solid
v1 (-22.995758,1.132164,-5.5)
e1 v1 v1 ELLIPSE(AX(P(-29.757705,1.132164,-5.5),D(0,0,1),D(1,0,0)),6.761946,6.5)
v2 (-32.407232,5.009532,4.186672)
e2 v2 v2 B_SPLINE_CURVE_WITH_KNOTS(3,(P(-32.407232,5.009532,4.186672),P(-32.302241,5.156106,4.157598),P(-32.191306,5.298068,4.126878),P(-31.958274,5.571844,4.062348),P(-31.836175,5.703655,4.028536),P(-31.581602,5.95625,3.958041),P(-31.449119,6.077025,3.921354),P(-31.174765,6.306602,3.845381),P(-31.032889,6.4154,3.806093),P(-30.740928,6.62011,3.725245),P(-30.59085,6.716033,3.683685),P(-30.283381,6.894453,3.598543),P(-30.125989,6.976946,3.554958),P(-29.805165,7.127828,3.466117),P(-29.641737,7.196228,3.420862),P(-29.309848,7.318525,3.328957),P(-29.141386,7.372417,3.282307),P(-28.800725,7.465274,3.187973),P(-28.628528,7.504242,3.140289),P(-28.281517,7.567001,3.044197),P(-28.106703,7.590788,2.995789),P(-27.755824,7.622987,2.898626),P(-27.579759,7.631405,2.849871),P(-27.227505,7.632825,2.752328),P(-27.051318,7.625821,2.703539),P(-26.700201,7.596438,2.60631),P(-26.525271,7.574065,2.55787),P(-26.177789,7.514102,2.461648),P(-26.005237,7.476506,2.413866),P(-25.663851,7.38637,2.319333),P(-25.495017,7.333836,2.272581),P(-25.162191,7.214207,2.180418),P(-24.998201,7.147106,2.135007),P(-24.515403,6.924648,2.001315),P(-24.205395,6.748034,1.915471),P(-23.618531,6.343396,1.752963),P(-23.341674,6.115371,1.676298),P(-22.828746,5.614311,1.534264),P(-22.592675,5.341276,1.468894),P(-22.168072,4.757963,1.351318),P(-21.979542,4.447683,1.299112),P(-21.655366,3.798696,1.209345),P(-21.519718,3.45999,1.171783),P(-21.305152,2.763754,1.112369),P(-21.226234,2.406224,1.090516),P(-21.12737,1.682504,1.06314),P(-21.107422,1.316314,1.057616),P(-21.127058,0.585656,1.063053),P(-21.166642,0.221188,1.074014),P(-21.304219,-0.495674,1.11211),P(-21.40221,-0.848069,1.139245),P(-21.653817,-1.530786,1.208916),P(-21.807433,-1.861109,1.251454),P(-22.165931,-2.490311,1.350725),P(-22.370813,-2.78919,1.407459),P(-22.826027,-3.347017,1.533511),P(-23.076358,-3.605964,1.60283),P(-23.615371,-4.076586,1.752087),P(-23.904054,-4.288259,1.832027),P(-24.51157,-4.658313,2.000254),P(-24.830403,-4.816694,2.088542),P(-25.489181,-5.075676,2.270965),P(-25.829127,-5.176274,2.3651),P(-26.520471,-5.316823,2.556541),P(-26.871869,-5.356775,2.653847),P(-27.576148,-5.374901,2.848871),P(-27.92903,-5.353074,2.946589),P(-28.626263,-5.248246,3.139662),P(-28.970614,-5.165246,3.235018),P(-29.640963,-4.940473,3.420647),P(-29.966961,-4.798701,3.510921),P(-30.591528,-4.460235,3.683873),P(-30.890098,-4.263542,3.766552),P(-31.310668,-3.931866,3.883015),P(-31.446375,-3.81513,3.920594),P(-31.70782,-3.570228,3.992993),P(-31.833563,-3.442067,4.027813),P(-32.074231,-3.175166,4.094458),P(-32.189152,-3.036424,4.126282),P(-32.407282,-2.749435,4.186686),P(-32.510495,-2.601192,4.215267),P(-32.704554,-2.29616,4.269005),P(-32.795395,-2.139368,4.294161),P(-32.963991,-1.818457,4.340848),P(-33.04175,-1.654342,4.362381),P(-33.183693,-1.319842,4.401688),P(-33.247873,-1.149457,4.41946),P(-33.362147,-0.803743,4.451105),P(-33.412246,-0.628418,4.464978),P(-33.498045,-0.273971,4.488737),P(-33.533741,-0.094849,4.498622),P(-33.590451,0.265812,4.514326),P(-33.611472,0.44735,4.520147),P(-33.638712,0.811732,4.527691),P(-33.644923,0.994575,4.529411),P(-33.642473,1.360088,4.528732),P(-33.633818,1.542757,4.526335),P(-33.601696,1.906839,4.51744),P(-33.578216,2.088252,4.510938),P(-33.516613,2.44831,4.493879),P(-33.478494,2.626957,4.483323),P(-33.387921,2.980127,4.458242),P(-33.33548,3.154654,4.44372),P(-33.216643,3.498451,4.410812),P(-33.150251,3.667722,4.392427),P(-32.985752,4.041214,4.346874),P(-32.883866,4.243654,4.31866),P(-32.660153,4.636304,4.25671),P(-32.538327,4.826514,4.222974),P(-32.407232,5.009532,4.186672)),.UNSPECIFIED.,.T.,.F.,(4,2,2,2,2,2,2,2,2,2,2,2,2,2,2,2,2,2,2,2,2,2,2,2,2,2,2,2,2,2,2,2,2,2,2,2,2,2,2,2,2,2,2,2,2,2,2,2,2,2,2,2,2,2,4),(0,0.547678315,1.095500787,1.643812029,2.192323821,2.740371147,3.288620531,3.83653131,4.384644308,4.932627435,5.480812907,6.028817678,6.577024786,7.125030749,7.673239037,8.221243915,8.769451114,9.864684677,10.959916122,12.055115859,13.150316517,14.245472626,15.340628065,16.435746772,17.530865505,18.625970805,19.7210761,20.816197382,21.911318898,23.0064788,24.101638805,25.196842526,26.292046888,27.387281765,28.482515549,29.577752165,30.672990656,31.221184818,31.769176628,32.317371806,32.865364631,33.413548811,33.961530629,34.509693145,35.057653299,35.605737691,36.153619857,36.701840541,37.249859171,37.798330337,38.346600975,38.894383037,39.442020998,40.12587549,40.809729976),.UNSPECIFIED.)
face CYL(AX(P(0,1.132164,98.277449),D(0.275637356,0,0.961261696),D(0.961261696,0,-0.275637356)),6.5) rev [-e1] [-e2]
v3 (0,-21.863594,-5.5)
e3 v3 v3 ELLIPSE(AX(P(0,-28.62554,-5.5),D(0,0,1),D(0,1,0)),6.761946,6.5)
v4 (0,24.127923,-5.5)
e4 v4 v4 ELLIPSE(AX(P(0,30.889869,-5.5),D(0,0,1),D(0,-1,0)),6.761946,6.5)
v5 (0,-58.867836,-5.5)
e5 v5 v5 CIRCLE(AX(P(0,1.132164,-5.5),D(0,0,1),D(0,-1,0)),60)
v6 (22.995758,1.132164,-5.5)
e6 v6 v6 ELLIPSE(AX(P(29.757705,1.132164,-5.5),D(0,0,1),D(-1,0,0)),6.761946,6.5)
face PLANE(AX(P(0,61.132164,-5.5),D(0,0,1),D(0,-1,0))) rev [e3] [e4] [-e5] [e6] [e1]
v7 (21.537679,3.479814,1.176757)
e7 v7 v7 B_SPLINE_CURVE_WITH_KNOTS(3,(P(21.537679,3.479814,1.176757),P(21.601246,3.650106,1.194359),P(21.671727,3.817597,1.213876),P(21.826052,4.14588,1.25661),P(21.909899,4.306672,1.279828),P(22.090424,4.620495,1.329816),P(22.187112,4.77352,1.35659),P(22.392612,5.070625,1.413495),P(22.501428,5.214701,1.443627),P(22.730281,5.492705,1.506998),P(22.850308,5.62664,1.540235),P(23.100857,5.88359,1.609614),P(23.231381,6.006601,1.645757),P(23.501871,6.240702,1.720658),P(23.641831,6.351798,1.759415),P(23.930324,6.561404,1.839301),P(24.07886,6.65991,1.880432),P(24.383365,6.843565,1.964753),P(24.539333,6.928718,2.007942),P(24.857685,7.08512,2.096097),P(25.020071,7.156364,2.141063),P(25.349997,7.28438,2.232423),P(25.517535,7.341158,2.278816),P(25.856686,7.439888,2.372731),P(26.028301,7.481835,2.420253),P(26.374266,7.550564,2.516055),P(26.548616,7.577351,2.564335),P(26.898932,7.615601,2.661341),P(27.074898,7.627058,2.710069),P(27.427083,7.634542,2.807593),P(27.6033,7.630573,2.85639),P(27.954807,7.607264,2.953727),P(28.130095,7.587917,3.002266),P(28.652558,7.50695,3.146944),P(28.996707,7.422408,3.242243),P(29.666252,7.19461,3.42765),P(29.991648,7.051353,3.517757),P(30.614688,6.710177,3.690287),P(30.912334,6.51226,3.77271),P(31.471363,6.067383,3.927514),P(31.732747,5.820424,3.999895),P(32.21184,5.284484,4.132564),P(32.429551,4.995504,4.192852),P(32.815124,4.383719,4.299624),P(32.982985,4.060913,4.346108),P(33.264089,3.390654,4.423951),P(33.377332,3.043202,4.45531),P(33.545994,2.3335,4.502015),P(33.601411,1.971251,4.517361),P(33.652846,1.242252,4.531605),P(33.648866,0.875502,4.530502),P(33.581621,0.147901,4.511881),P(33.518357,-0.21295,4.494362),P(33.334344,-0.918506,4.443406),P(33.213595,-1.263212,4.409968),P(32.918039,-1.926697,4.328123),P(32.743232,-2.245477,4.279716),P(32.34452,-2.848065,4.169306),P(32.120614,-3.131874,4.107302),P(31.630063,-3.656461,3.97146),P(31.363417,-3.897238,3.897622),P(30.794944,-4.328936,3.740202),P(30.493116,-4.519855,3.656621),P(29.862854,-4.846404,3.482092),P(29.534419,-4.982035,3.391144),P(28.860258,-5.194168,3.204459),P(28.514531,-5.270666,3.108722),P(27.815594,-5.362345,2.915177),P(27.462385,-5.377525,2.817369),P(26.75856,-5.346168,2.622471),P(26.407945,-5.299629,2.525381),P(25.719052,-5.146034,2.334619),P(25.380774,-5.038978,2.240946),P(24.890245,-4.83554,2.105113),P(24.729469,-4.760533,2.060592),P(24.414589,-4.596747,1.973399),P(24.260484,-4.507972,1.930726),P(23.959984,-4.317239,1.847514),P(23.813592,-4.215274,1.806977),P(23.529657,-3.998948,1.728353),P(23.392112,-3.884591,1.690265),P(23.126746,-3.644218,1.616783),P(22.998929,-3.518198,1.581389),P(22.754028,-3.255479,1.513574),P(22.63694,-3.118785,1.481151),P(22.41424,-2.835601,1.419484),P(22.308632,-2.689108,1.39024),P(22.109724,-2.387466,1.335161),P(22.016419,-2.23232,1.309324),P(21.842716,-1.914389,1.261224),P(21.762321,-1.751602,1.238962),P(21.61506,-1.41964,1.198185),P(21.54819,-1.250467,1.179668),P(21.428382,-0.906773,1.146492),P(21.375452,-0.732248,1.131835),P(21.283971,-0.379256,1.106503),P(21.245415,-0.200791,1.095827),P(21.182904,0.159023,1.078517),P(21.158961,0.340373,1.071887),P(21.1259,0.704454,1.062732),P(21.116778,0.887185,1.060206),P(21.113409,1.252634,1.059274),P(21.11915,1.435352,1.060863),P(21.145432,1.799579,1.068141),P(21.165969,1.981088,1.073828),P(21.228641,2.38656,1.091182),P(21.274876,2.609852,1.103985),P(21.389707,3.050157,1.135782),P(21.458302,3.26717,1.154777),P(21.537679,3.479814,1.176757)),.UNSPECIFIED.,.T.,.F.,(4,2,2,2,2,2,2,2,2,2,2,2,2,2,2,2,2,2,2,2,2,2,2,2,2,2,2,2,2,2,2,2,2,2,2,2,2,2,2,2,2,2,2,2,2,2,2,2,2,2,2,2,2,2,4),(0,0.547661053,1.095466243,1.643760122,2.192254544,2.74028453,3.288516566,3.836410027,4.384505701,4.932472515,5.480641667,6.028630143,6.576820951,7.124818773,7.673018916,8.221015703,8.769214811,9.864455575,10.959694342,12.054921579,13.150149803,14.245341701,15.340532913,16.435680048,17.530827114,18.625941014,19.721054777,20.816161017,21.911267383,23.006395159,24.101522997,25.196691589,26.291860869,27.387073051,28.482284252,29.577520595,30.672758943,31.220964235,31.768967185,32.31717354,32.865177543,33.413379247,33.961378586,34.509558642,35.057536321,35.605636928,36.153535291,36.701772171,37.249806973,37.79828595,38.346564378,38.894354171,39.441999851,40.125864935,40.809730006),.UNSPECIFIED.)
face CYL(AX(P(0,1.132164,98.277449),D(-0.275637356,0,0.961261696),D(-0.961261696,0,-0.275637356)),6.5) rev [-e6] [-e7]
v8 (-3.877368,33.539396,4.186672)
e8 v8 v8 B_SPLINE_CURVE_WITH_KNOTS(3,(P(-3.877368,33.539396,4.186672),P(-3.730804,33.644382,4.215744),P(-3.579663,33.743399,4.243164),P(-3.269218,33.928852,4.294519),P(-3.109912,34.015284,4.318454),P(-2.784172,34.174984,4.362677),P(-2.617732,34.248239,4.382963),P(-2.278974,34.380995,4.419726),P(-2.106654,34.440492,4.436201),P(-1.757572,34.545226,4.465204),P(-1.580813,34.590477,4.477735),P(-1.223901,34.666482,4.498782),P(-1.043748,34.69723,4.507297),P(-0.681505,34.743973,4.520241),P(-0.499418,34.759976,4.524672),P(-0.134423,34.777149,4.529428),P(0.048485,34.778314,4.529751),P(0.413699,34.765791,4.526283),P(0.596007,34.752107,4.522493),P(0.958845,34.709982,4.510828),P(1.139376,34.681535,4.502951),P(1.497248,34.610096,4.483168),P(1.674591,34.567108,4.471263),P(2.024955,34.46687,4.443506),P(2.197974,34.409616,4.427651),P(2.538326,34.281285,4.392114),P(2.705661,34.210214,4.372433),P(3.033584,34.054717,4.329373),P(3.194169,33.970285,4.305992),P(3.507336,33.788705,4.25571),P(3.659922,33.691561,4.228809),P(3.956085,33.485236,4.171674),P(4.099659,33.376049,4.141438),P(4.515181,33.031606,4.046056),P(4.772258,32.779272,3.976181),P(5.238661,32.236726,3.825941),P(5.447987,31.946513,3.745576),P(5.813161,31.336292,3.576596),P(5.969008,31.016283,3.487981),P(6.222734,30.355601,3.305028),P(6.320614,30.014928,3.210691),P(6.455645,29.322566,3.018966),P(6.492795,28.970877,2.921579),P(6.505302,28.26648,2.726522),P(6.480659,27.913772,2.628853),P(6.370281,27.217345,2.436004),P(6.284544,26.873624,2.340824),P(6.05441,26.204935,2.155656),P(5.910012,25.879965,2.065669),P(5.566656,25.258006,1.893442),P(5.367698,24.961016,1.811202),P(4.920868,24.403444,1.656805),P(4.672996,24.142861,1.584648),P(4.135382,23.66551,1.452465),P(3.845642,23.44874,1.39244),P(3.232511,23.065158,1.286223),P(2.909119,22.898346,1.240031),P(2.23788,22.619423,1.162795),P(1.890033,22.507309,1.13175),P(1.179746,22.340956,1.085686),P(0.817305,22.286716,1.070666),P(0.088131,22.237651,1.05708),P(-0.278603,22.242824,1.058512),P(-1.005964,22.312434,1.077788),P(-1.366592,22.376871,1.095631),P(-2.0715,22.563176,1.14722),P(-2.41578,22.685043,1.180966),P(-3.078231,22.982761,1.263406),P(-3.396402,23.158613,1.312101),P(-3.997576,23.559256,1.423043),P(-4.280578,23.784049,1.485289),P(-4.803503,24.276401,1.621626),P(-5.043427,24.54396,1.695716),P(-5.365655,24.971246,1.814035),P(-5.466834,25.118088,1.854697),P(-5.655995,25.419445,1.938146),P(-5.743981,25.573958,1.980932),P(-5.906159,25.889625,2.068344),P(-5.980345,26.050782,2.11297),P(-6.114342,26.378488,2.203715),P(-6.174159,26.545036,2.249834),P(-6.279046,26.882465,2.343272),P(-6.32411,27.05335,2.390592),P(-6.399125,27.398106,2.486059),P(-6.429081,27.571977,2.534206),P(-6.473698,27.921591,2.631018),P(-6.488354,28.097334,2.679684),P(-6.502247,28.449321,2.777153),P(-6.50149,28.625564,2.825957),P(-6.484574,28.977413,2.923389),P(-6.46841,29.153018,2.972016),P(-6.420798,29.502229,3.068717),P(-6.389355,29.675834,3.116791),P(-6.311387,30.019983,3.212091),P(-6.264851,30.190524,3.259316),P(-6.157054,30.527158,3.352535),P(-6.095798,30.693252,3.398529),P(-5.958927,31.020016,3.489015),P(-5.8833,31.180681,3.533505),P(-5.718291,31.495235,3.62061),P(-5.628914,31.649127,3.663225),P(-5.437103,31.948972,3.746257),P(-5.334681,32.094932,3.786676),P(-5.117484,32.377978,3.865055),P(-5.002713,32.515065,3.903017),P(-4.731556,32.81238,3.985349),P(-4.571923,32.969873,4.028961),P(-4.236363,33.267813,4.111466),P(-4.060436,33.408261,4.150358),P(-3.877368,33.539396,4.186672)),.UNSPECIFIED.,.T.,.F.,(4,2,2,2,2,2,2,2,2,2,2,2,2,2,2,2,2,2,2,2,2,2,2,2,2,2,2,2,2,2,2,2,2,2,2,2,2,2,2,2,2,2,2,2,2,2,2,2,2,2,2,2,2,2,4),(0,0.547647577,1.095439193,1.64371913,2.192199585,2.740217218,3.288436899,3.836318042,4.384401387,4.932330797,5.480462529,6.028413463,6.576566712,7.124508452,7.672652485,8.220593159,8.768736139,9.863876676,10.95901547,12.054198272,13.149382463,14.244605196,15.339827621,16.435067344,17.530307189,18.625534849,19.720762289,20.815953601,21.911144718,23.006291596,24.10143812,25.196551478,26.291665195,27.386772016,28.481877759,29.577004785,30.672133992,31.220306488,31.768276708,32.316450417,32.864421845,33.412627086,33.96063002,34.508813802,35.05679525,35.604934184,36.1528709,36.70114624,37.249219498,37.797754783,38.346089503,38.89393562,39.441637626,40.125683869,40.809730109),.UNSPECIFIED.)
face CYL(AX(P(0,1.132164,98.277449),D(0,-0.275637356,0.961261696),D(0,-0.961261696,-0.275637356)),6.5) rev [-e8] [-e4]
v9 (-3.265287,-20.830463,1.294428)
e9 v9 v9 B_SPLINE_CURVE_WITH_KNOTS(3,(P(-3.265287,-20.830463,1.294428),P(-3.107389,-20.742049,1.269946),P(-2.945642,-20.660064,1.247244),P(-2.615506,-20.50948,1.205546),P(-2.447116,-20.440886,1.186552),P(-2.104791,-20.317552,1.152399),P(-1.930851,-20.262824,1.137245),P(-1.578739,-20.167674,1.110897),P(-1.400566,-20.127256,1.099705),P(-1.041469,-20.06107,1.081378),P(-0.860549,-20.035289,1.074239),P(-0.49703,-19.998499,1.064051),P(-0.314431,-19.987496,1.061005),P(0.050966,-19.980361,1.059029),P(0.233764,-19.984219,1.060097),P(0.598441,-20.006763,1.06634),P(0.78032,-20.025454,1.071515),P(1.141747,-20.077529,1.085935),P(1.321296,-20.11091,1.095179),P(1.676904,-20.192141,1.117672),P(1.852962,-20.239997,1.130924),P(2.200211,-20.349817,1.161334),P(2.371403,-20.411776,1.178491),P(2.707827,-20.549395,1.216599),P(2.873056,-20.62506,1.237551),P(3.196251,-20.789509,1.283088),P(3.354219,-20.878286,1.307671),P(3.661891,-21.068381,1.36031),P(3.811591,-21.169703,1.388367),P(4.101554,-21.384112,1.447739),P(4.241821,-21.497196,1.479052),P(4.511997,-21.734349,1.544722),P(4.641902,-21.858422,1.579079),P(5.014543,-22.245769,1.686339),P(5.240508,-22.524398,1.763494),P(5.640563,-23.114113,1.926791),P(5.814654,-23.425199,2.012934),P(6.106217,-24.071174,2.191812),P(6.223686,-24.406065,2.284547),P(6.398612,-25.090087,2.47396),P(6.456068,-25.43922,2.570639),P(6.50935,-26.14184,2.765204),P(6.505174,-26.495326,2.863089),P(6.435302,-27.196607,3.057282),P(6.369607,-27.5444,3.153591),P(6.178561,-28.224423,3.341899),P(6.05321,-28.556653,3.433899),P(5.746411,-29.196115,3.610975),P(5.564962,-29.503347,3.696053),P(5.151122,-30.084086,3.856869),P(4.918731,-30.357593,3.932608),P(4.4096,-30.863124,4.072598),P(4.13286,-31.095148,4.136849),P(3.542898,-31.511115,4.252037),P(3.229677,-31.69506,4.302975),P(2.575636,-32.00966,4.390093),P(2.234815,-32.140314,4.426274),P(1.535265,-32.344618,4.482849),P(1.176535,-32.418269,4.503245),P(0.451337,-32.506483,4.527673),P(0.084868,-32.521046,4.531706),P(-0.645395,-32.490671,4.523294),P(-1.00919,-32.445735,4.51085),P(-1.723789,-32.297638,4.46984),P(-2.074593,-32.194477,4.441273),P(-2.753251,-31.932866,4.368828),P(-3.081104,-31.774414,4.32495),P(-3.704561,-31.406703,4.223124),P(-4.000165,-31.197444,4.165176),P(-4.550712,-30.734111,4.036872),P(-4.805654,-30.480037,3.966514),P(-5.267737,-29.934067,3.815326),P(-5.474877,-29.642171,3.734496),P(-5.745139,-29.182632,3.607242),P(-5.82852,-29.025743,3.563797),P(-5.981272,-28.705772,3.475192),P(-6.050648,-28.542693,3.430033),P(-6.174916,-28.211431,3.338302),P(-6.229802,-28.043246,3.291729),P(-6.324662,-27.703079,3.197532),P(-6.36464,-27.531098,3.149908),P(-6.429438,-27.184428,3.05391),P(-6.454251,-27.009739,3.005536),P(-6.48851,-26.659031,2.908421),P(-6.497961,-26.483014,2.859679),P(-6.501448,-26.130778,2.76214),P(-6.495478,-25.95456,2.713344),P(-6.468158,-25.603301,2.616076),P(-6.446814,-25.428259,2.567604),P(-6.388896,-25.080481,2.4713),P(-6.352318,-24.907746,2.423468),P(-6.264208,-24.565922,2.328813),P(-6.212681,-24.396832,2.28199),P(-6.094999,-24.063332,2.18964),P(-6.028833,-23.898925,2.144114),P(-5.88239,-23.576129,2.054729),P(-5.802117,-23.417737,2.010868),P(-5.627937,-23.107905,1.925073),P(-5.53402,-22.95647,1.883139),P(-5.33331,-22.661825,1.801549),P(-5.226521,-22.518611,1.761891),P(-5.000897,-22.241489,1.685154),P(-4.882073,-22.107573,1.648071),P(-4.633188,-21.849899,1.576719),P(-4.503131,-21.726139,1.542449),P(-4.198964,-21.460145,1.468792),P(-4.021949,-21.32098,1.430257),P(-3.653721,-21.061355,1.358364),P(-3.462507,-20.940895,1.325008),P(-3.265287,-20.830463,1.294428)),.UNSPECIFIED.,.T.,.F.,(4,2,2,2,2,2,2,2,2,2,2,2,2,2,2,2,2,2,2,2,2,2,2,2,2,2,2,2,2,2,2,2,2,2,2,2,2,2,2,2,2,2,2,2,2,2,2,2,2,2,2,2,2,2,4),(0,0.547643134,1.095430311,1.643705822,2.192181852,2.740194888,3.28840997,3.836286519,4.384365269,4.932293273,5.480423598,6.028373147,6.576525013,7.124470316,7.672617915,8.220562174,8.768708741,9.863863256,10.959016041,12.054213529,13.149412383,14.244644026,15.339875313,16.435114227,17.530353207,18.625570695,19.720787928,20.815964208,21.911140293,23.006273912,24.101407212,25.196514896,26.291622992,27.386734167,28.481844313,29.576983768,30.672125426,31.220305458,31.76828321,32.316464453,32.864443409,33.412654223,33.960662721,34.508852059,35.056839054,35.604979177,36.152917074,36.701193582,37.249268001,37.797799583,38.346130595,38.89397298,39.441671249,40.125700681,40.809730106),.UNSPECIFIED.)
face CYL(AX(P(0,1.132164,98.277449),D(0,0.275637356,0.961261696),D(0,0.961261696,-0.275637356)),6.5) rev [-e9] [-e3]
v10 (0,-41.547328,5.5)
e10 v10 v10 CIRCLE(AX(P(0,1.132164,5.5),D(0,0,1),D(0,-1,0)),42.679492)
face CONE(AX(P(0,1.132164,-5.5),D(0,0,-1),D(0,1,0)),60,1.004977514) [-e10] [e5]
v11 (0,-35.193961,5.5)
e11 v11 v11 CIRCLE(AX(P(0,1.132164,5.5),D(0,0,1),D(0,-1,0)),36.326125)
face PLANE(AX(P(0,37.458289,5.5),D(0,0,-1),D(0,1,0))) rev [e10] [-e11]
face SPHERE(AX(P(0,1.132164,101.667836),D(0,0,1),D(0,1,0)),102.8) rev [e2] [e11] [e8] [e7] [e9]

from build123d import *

# Parameters (mm, degrees)
PATTERN_CIRCULAR_1_COUNT = 4
MOVE_BODY_1_ANGLE        = 90


with BuildPart() as part:
    # 草图1 → 旋转1 (revolve)
    with BuildSketch(Plane(origin=(0, 0, 0), x_dir=(0, 0, -1), z_dir=(1, 0, 0)), mode=Mode.PRIVATE) as revolve_1_sk:
        with BuildLine():
            Line((0, 0), (0, -4.367835819))
            Line((0, -4.367835819), (60, -4.367835819))
            Line((60, -4.367835819), (42.679491924, 6.632164181))
            Line((42.679491924, 6.632164181), (36.32612495, 6.632164181))
            ThreePointArc((36.32612495, 6.632164181), (18.463294368, 1.671632263), (0, 0))
        make_face()
    revolve(revolve_1_sk.sketch.rotate(Axis((0, 23.869545483, 0), (0, -1, 0)), 180), axis=Axis((0, 23.869545483, 0), (0, -1, 0)))

    # 草图2 → 切除-旋转1 (revolve, cut)
    with BuildSketch(Plane.XY, mode=Mode.PRIVATE) as cut_revolve_1_sk:
        Polygon((23.11658969, 18.792484499), (29.364790714, 20.584127312), (39.564082896, -14.98503156), (33.315881872, -16.776674373), align=None)
    cut_revolve_1 = revolve(cut_revolve_1_sk.sketch.rotate(Axis((0, 99.409613277, 0), (0.2756373558169999, -0.9612616959383187, 0)), 180), axis=Axis((0, 99.409613277, 0), (0.2756373558169999, -0.9612616959383187, 0)), mode=Mode.SUBTRACT)

    # 阵列(圆周)1: 切除-旋转1 ×4 about axis
    pattern_circular_1_axis = Axis((0, 0, 0), (0, 1, 0))
    for i in range(1, PATTERN_CIRCULAR_1_COUNT):
        add(cut_revolve_1.rotate(pattern_circular_1_axis, i * 360 / PATTERN_CIRCULAR_1_COUNT), mode=Mode.SUBTRACT)


with BuildPart() as part_1:
    # Move Body 1: moved
    add(part.part.rotate(Axis((0, 1.132164181, 0), (1, 0, 0)), MOVE_BODY_1_ANGLE))


solid = part_1.part
